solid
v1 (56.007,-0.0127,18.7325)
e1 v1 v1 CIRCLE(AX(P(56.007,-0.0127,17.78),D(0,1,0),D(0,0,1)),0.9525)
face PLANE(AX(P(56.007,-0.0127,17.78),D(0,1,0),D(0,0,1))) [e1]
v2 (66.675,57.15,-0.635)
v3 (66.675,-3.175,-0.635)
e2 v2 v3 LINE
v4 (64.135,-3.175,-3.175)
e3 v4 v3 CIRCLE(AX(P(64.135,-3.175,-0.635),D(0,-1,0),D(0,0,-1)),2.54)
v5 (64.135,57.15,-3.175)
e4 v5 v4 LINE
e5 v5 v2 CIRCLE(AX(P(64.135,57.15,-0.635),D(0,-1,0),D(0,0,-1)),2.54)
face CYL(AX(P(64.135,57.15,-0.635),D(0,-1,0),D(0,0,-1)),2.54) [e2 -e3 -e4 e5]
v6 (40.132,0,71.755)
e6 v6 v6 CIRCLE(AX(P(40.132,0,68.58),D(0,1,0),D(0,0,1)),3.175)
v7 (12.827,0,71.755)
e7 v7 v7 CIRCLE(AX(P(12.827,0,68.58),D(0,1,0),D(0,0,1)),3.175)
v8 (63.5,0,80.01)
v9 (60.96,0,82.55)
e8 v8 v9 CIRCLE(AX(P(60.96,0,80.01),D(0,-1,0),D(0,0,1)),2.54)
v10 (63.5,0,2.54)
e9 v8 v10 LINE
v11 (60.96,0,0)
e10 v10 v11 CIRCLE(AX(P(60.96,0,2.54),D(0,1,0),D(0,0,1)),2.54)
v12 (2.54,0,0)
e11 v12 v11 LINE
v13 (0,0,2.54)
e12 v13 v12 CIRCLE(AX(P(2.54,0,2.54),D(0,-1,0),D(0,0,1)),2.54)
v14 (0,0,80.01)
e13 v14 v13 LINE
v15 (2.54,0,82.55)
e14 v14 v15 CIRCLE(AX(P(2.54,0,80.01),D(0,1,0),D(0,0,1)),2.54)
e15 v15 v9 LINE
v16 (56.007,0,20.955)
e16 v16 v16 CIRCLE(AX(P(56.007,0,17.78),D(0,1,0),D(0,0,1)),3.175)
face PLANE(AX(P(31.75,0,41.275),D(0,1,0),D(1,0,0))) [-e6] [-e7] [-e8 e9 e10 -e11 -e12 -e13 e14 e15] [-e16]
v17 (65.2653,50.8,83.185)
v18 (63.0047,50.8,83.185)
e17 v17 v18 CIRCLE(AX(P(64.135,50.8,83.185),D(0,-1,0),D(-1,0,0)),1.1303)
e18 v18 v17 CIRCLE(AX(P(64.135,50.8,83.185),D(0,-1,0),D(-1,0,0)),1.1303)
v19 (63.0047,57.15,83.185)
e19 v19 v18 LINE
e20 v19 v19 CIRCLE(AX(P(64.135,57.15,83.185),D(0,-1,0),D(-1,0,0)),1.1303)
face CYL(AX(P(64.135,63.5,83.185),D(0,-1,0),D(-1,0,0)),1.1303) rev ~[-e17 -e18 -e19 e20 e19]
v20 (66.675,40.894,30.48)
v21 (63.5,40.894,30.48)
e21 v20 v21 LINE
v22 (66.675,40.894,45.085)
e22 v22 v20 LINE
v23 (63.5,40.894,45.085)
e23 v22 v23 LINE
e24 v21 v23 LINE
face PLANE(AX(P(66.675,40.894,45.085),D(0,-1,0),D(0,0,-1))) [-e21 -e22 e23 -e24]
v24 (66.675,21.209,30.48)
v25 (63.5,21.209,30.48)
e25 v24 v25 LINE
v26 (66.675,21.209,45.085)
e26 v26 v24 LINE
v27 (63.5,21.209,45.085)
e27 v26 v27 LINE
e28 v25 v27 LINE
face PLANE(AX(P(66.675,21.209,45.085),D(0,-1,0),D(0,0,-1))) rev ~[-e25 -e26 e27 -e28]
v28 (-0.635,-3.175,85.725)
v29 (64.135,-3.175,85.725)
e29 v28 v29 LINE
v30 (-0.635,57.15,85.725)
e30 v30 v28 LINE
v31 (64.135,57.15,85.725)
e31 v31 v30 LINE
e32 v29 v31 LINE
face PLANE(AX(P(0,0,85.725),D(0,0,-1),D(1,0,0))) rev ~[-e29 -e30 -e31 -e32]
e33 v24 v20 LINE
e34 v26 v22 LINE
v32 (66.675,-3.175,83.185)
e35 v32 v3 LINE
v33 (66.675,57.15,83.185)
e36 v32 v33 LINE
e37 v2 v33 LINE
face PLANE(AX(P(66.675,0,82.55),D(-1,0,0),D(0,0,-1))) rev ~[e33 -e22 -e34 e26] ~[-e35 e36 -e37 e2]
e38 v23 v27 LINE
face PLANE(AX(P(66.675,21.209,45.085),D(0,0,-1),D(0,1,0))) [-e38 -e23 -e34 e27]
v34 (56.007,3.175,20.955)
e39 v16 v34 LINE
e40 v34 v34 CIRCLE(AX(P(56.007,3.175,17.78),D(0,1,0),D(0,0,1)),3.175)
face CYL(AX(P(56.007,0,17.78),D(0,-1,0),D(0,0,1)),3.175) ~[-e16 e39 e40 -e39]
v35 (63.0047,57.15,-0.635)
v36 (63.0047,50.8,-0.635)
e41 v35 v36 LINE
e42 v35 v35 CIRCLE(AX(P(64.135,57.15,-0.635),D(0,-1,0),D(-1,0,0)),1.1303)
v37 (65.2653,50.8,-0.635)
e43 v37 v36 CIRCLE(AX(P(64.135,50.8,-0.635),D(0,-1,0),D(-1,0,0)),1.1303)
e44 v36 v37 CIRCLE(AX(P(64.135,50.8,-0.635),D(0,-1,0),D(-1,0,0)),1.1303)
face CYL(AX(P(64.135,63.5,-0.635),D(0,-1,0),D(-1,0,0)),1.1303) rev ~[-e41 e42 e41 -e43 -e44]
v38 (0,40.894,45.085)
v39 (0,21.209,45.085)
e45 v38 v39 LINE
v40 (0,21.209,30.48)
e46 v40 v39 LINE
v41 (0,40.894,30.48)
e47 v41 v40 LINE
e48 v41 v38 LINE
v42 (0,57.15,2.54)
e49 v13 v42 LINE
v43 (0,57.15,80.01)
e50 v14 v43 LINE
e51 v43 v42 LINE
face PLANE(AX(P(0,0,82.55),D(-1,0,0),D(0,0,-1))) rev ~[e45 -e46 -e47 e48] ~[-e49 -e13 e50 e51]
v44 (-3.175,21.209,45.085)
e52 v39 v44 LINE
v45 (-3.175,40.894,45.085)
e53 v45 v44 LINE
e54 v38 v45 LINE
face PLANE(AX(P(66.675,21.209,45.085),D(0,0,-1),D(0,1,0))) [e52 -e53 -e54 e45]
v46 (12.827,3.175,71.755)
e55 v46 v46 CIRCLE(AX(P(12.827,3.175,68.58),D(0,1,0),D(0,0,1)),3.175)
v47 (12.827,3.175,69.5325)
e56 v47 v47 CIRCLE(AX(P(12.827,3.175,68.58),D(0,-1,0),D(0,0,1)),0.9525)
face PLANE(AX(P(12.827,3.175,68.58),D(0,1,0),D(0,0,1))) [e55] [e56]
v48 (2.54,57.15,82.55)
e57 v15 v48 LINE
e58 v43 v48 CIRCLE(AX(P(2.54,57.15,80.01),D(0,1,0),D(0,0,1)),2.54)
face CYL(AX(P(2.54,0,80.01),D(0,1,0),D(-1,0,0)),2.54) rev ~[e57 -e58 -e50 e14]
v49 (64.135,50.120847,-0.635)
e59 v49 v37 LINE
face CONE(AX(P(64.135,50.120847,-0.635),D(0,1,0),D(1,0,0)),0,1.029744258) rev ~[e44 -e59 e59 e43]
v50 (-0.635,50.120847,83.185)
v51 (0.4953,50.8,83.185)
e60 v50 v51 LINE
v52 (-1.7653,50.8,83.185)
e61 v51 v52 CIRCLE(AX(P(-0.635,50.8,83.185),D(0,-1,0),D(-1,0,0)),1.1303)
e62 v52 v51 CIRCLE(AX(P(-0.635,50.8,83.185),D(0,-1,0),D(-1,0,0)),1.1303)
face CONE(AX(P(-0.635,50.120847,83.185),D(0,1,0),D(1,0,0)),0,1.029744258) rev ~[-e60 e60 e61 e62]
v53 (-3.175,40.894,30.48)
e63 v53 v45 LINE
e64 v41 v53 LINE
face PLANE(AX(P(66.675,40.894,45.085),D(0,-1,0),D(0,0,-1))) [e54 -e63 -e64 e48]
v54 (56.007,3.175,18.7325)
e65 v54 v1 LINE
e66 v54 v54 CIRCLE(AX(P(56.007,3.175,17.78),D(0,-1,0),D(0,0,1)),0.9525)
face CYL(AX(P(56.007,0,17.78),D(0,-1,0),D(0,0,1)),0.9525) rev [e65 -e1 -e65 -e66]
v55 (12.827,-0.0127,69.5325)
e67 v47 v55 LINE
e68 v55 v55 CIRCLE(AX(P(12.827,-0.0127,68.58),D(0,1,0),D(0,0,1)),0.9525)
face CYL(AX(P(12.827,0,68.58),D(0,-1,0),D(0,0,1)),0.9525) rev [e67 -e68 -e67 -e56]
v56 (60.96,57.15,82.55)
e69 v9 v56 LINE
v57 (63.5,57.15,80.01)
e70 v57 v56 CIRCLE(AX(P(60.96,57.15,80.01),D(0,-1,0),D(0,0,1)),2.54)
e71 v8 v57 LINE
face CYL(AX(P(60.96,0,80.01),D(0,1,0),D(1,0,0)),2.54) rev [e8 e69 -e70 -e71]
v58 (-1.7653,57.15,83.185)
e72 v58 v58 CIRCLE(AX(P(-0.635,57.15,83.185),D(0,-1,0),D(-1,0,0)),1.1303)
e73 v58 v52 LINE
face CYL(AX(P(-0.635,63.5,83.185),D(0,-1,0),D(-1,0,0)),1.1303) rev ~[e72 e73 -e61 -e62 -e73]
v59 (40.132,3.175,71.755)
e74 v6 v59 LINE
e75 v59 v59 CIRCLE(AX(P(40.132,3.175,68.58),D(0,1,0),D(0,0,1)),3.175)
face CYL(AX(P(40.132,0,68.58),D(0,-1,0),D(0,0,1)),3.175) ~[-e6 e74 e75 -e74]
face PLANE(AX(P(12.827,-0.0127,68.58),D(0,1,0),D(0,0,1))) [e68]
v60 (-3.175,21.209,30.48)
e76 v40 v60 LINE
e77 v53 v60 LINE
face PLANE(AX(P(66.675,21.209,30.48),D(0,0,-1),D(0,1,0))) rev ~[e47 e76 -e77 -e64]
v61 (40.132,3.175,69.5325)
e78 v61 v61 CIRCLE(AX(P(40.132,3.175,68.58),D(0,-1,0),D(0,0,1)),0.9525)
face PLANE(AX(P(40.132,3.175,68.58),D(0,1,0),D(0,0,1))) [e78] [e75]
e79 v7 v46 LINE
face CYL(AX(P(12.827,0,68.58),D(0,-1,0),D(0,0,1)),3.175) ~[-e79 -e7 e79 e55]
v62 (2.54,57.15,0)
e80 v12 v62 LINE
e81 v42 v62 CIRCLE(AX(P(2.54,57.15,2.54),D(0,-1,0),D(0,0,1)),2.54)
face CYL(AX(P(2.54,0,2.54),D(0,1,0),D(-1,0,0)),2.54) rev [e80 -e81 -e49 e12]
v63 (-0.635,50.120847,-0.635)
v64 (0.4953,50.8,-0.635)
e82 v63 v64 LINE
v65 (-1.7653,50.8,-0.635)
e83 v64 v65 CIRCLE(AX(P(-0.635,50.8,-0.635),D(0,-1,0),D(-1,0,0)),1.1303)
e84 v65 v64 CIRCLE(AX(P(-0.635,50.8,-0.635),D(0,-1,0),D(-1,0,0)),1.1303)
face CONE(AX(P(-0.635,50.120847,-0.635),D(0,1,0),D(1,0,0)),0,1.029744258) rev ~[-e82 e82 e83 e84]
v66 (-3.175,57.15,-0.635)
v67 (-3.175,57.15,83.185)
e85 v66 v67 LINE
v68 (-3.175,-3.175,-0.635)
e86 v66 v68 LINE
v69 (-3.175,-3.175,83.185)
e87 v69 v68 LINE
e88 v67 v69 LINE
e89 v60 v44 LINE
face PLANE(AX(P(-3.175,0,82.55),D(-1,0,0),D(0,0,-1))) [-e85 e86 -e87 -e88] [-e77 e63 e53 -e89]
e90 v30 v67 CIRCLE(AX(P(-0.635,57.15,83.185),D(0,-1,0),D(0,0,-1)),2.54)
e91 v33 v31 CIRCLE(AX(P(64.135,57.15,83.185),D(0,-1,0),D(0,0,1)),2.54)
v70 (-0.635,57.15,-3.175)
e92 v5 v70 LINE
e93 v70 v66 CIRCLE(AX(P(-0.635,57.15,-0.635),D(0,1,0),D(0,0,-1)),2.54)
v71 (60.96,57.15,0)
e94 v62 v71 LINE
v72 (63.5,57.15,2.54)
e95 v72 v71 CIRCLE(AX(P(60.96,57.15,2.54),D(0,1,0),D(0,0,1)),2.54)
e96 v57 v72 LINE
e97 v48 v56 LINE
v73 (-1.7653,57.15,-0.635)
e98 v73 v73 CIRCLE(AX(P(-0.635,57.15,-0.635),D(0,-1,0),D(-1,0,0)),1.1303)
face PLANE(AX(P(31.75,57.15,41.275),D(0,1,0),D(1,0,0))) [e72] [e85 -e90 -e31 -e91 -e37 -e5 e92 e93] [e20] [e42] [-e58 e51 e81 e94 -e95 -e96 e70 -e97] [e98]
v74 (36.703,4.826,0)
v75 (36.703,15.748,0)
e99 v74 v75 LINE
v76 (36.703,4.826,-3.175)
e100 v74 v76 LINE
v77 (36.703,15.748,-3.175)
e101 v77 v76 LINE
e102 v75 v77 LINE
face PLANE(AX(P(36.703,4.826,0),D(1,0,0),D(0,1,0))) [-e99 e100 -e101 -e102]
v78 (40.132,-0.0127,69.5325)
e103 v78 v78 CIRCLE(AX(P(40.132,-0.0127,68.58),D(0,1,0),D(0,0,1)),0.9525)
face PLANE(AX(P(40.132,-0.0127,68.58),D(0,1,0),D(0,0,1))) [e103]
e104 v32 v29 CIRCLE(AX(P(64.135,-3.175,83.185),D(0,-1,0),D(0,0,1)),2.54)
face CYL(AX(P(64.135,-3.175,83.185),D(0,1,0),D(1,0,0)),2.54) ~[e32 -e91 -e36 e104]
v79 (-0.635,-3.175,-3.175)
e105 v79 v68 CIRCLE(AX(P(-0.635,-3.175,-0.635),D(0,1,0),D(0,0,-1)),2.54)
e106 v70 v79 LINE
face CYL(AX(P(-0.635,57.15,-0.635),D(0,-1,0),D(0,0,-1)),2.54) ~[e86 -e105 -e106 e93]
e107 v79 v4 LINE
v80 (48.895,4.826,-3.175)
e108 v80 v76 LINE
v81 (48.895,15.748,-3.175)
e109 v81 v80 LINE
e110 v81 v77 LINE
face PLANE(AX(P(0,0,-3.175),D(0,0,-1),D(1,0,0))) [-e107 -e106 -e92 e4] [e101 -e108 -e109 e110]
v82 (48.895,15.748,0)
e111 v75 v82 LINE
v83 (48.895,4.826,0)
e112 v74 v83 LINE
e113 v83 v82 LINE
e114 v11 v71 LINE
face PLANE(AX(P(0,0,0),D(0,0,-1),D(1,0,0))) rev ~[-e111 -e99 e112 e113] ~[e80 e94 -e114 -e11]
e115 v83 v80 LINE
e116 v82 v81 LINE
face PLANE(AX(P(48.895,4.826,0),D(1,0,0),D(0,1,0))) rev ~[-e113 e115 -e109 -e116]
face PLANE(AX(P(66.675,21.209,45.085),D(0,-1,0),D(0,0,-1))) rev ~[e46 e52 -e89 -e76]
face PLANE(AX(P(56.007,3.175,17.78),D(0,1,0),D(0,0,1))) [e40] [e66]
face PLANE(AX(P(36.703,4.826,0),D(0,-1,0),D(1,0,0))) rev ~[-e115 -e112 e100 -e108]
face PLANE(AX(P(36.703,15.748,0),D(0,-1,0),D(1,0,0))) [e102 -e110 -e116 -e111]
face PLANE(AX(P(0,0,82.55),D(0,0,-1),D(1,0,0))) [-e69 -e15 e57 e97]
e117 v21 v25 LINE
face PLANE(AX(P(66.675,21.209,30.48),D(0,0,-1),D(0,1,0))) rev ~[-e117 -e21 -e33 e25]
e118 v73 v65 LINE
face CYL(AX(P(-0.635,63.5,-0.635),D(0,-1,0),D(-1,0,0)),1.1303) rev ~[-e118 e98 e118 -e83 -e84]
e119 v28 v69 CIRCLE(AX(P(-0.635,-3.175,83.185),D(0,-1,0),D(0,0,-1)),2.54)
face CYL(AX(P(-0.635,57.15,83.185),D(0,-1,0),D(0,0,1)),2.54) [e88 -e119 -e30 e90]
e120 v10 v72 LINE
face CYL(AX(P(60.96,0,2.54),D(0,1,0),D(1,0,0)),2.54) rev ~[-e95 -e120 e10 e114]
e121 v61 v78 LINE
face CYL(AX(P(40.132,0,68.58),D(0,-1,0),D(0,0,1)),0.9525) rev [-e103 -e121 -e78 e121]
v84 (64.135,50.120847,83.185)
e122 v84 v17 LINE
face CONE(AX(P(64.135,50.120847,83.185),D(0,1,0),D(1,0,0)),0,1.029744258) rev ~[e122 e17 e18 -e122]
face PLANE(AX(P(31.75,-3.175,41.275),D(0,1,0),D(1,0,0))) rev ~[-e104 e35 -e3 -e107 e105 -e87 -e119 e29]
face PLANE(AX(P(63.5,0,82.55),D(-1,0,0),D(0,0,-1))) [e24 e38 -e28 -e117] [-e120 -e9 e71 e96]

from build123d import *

# Parameters (mm, degrees)
SKETCH1_W                 = 63.5
SKETCH1_H                 = 82.55
BOSS_EXTRUDE1_DEPTH       = 57.15
SHELL1_T                  = 3.175
SKETCH3_R                 = 3.175
BOSS_EXTRUDE2_DEPTH       = 3.175
SKETCH2_R                 = 0.9525
CUT_EXTRUDE1_DEPTH        = 6.35
CUT_EXTRUDE1_DEPTH_BACK   = 0.0127
FILLET1_R                 = 2.54
SKETCH4_W                 = 12.192
SKETCH4_H                 = 10.922
CUT_EXTRUDE2_DEPTH        = 123.721040372
SKETCH5_W                 = 14.605
SKETCH5_H                 = 19.685
CUT_EXTRUDE3_DEPTH        = 125.474578228
F_4_40_TAPPED_HOLE1_D     = 2.2606
F_4_40_TAPPED_HOLE1_DEPTH = 6.35
F_4_40_TAPPED_HOLE1_TIP   = 0.679152758


with BuildPart() as part:
    # Sketch1 → Boss-Extrude1 (new body)
    with BuildSketch(Plane(origin=(0, 0, 0), x_dir=(1, 0, 0), z_dir=(0, 1, 0))):
        with Locations((31.75, -41.275)):
            Rectangle(SKETCH1_W, SKETCH1_H)
    extrude(amount=BOSS_EXTRUDE1_DEPTH)

    # Shell1
    shell1_openings = [part.faces().sort_by_distance(p)[0] for p in [
        (31.75, 57.15, 41.275),
    ]]
    offset(amount=SHELL1_T, openings=shell1_openings, kind=Kind.INTERSECTION)

    # Sketch3 → Boss-Extrude2 (add)
    with BuildSketch(Plane(origin=(0, 0, 0), x_dir=(1, 0, 0), z_dir=(0, 1, 0))):
        with Locations(Location((12.827, -68.58, 0), (0, 0, 270))):
            Circle(SKETCH3_R)
        with Locations(Location((40.132, -68.58, 0), (0, 0, 270))):
            Circle(SKETCH3_R)
        with Locations(Location((56.007, -17.78, 0), (0, 0, 270))):
            Circle(SKETCH3_R)
    extrude(amount=BOSS_EXTRUDE2_DEPTH)

    # Sketch2 → Cut-Extrude1 (cut, two sides)
    with BuildSketch(Plane(origin=(0, 0, 0), x_dir=(1, 0, 0), z_dir=(0, 1, 0))) as cut_extrude1_sk:
        with Locations(Location((12.827, -68.58, 0), (0, 0, 270))):
            Circle(SKETCH2_R)
        with Locations(Location((40.132, -68.58, 0), (0, 0, 270))):
            Circle(SKETCH2_R)
        with Locations(Location((56.007, -17.78, 0), (0, 0, 270))):
            Circle(SKETCH2_R)
    extrude(amount=CUT_EXTRUDE1_DEPTH, mode=Mode.SUBTRACT)
    extrude(cut_extrude1_sk.sketch, amount=-CUT_EXTRUDE1_DEPTH_BACK, mode=Mode.SUBTRACT)

    # Fillet1
    fillet1_edges = [part.edges().sort_by_distance(p)[0] for p in [
        (0, 28.575, 0),
        (0, 28.575, 82.55),
        (63.5, 28.575, 82.55),
        (63.5, 28.575, 0),
        (-3.175, 26.9875, -3.175),
        (66.675, 26.9875, -3.175),
        (66.675, 26.9875, 85.725),
        (-3.175, 26.9875, 85.725),
    ]]
    fillet(fillet1_edges, radius=FILLET1_R)

    # Sketch4 → Cut-Extrude2 (cut, through all)
    with BuildSketch(Plane.XY):
        with Locations((42.799, 10.287)):
            Rectangle(SKETCH4_W, SKETCH4_H)
    extrude(amount=-CUT_EXTRUDE2_DEPTH, mode=Mode.SUBTRACT)

    # Sketch5 → Cut-Extrude3 (cut, through all)
    with BuildSketch(Plane(origin=(66.675, 0, 0), x_dir=(0, 0, -1), z_dir=(1, 0, 0))):
        with Locations((-37.7825, 31.0515)):
            Rectangle(SKETCH5_W, SKETCH5_H)
    extrude(amount=-CUT_EXTRUDE3_DEPTH, mode=Mode.SUBTRACT)

    # #4-40 Tapped Hole1
    with Locations(Plane(origin=(0, 57.15, 0), x_dir=(1, 0, 0), z_dir=(0, 1, 0))):
        with Locations((64.135, -83.185), (-0.635, -83.185), (-0.635, 0.635), (64.135, 0.635)):
            Hole(F_4_40_TAPPED_HOLE1_D / 2, depth=F_4_40_TAPPED_HOLE1_DEPTH)
            with Locations((0, 0, -(F_4_40_TAPPED_HOLE1_DEPTH + F_4_40_TAPPED_HOLE1_TIP / 2))):  # 118° drill point
                Cone(0, F_4_40_TAPPED_HOLE1_D / 2, F_4_40_TAPPED_HOLE1_TIP, mode=Mode.SUBTRACT)


solid = part.part
